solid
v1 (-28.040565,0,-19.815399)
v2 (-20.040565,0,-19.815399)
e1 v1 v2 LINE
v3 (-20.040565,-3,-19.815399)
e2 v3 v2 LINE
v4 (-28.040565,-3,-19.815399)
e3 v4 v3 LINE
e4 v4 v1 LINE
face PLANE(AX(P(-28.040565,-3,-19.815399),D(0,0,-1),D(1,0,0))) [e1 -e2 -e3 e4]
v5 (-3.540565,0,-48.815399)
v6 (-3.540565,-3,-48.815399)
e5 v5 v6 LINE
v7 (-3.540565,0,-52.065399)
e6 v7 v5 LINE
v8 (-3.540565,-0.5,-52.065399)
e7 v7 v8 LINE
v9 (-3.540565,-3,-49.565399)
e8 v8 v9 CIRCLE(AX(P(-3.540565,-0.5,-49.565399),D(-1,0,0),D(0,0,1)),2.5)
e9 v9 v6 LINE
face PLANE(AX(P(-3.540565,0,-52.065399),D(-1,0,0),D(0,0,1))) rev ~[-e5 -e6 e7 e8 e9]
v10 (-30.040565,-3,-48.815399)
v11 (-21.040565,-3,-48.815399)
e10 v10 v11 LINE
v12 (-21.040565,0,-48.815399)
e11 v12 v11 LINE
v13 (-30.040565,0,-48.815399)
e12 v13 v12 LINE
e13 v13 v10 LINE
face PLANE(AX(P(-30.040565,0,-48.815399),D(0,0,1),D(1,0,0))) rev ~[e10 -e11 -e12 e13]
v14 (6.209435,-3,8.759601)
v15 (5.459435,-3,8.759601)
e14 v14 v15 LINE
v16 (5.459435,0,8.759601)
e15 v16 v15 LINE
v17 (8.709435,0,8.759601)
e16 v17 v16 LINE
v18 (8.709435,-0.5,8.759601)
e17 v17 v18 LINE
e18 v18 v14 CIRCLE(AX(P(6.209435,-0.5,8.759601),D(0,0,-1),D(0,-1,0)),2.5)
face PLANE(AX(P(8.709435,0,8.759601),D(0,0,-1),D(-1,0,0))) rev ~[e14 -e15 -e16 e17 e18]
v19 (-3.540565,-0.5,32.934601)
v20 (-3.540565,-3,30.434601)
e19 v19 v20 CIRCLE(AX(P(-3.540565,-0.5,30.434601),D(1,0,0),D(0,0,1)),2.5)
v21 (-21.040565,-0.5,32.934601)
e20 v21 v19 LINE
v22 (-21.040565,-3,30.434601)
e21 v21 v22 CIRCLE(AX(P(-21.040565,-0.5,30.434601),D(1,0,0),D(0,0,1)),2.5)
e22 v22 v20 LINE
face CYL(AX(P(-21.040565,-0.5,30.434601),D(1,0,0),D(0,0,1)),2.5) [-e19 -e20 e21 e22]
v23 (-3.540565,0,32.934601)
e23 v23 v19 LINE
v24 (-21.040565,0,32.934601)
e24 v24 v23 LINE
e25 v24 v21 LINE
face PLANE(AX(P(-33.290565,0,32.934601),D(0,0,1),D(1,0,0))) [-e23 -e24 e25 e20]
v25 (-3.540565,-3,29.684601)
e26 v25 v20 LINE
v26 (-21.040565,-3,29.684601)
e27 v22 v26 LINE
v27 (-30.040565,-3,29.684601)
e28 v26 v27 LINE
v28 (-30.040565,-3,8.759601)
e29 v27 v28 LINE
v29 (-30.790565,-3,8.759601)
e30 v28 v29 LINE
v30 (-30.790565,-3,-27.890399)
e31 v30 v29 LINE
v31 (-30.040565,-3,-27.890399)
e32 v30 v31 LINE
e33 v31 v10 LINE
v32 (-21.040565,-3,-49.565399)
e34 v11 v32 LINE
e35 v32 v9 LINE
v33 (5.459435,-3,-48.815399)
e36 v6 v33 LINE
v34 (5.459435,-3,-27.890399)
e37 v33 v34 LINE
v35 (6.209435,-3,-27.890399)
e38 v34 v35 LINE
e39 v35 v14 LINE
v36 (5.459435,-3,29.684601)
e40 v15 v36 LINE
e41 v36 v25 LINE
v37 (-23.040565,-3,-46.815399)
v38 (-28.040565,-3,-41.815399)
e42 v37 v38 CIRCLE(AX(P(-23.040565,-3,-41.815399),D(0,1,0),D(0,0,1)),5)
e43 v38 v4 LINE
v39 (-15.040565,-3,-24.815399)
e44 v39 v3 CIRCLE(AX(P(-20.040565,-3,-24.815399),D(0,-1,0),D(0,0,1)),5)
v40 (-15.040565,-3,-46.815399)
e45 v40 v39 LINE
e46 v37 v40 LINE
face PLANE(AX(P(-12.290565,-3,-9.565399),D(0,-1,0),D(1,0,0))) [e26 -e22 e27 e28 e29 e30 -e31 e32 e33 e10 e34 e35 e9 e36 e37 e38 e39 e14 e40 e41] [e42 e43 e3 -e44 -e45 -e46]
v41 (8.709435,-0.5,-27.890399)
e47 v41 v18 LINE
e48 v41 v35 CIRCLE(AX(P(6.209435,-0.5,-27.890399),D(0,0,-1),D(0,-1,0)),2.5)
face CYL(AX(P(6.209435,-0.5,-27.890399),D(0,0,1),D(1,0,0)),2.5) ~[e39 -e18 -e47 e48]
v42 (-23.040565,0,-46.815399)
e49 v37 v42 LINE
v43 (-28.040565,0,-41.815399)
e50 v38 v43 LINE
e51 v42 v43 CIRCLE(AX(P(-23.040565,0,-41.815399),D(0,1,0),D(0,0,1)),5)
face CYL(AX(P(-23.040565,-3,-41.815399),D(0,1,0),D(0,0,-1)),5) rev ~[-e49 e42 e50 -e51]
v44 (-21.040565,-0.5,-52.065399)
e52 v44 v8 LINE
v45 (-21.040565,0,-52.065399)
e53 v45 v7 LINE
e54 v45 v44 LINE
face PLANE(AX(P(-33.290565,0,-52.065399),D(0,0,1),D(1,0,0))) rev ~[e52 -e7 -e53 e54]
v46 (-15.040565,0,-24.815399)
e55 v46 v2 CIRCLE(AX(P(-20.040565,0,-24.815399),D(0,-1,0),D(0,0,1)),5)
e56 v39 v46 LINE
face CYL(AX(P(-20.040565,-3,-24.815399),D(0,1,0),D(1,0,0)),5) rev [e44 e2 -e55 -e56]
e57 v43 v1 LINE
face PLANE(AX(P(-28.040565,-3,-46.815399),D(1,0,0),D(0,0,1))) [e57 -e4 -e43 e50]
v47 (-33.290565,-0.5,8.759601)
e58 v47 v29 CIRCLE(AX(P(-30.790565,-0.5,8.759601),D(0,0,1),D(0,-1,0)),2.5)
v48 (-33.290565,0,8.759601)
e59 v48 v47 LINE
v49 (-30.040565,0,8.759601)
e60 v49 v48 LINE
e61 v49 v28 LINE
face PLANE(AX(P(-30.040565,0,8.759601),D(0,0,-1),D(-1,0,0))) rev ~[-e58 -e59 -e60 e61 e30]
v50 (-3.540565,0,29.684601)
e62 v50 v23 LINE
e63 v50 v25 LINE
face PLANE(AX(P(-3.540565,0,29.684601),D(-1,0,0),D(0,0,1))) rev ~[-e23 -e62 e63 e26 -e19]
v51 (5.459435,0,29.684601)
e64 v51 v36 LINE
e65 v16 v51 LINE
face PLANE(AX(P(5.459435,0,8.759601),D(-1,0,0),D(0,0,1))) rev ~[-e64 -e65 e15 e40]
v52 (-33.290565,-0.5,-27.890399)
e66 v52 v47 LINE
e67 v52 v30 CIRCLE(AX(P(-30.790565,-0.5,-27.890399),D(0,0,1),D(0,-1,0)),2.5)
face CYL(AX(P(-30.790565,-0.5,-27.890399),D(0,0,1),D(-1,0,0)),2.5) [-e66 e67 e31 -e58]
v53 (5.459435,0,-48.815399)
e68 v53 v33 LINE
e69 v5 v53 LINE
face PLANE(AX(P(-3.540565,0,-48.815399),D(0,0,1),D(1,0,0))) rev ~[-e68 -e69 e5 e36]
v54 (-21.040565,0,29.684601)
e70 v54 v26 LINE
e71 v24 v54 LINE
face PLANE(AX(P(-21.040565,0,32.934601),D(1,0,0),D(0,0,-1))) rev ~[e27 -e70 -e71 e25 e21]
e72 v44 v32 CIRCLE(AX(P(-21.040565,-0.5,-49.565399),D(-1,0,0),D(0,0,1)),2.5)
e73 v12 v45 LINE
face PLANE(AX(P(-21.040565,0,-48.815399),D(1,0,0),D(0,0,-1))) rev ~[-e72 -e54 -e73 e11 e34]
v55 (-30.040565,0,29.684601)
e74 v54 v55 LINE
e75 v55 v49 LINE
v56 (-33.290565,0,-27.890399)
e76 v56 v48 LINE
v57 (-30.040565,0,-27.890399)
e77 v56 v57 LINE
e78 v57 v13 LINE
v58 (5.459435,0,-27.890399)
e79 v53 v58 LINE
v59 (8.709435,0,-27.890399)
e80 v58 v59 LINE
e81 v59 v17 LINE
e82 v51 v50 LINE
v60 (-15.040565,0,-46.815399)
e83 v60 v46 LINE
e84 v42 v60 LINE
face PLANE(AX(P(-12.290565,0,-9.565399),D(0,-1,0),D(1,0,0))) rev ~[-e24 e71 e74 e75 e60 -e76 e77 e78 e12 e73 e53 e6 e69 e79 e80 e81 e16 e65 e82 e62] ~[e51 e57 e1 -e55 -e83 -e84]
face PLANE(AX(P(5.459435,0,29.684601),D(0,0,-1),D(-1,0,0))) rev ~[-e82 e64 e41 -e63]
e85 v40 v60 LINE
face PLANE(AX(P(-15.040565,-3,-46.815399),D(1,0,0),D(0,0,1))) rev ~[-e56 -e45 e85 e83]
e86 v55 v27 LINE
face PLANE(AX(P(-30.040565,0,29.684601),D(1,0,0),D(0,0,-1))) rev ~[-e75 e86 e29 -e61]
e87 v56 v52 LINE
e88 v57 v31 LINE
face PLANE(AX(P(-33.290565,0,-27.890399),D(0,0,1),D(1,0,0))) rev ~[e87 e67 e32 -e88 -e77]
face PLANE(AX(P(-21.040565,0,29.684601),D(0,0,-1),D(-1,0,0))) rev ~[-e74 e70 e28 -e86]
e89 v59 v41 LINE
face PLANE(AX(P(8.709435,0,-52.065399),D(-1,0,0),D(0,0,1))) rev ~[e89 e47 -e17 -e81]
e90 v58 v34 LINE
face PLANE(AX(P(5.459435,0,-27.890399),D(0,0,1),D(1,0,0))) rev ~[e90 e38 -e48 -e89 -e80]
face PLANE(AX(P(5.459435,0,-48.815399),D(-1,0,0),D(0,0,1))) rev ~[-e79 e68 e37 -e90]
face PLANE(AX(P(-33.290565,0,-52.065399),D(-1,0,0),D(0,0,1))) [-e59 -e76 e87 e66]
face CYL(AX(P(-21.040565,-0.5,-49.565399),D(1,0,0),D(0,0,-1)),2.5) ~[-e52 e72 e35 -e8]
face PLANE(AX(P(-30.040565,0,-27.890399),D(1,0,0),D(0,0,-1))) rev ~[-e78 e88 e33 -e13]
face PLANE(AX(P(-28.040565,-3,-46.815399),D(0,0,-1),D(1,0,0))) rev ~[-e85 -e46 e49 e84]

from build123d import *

# Parameters (mm, degrees)
F0_W     = 42
F0_H     = 85
F1_DEPTH = 3
F2_R     = 3
F4_DEPTH = 3
F5_W     = 13
F5_H     = 27
F6_DEPTH = 3
F7_R     = 5
F8_R     = 2.5


with BuildPart() as f1:
    # F0 (on Front) → F1 (new body)
    with BuildSketch(Plane.XZ):
        with Locations((-12.290565, -9.565399)):
            Rectangle(F0_W, F0_H)
    extrude(amount=F1_DEPTH)

    # F2
    f2_edges = [f1.edges().sort_by_distance(p)[0] for p in [
        (-33.290565, -1.5, 32.934601),
        (8.709435, -1.5, 32.934601),
        (8.709435, -1.5, -52.065399),
        (-33.290565, -1.5, -52.065399),
    ]]
    fillet(f2_edges, radius=F2_R)

    # F3 (on face) → F4 (cut, through all)
    with BuildSketch(Plane(origin=(0, 0, 0), x_dir=(-1, 0, 0), z_dir=(0, 1, 0))):
        with BuildLine():
            Line((-5.459435, 8.759601), (-5.459435, 29.684601))
            Line((-5.459435, 29.684601), (3.540565, 29.684601))
            Line((3.540565, 29.684601), (3.540565, 32.934601))
            Line((3.540565, 32.934601), (-5.709435, 32.934601))
            ThreePointArc((-5.709435, 32.934601), (-7.830755, 32.055922), (-8.709435, 29.934601))
            Line((-8.709435, 29.934601), (-8.709435, 8.759601))
            Line((-8.709435, 8.759601), (-5.459435, 8.759601))
        make_face()
        with BuildLine():
            Line((21.040565, 32.934601), (21.040565, 29.684601))
            Line((21.040565, 29.684601), (30.040565, 29.684601))
            Line((30.040565, 29.684601), (30.040565, 8.759601))
            Line((30.040565, 8.759601), (33.290565, 8.759601))
            Line((33.290565, 8.759601), (33.290565, 29.934601))
            ThreePointArc((33.290565, 29.934601), (32.411885, 32.055922), (30.290565, 32.934601))
            Line((30.290565, 32.934601), (21.040565, 32.934601))
        make_face()
        with BuildLine():
            Line((33.290565, -27.890399), (30.040565, -27.890399))
            Line((30.040565, -27.890399), (30.040565, -48.815399))
            Line((30.040565, -48.815399), (21.040565, -48.815399))
            Line((21.040565, -48.815399), (21.040565, -52.065399))
            Line((21.040565, -52.065399), (30.290565, -52.065399))
            ThreePointArc((30.290565, -52.065399), (32.411885, -51.186719), (33.290565, -49.065399))
            Line((33.290565, -49.065399), (33.290565, -27.890399))
        make_face()
        with BuildLine():
            Line((-5.459435, -48.815399), (-5.459435, -27.890399))
            Line((-5.459435, -27.890399), (-8.709435, -27.890399))
            Line((-8.709435, -27.890399), (-8.709435, -49.065399))
            ThreePointArc((-8.709435, -49.065399), (-7.830755, -51.186719), (-5.709435, -52.065399))
            Line((-5.709435, -52.065399), (3.540565, -52.065399))
            Line((3.540565, -52.065399), (3.540565, -48.815399))
            Line((3.540565, -48.815399), (-5.459435, -48.815399))
        make_face()
    extrude(amount=-F4_DEPTH, mode=Mode.SUBTRACT)

    # F5 (on face) → F6 (cut, through all)
    with BuildSketch(Plane.XZ.offset(3)):
        with Locations((-21.540565, -33.315399)):
            Rectangle(F5_W, F5_H)
    extrude(amount=-F6_DEPTH, mode=Mode.SUBTRACT)

    # F7
    f7_edges = [f1.edges().sort_by_distance(p)[0] for p in [
        (-15.040565, -1.5, -19.815399),
        (-28.040565, -1.5, -46.815399),
    ]]
    fillet(f7_edges, radius=F7_R)

    # F8
    f8_edges = [f1.edges().sort_by_distance(p)[0] for p in [
        (-12.290565, -3, 32.934601),
        (8.709435, -3, -9.565399),
        (-12.290565, -3, -52.065399),
        (-33.290565, -3, -9.565399),
    ]]
    fillet(f8_edges, radius=F8_R)


solid = f1.part
